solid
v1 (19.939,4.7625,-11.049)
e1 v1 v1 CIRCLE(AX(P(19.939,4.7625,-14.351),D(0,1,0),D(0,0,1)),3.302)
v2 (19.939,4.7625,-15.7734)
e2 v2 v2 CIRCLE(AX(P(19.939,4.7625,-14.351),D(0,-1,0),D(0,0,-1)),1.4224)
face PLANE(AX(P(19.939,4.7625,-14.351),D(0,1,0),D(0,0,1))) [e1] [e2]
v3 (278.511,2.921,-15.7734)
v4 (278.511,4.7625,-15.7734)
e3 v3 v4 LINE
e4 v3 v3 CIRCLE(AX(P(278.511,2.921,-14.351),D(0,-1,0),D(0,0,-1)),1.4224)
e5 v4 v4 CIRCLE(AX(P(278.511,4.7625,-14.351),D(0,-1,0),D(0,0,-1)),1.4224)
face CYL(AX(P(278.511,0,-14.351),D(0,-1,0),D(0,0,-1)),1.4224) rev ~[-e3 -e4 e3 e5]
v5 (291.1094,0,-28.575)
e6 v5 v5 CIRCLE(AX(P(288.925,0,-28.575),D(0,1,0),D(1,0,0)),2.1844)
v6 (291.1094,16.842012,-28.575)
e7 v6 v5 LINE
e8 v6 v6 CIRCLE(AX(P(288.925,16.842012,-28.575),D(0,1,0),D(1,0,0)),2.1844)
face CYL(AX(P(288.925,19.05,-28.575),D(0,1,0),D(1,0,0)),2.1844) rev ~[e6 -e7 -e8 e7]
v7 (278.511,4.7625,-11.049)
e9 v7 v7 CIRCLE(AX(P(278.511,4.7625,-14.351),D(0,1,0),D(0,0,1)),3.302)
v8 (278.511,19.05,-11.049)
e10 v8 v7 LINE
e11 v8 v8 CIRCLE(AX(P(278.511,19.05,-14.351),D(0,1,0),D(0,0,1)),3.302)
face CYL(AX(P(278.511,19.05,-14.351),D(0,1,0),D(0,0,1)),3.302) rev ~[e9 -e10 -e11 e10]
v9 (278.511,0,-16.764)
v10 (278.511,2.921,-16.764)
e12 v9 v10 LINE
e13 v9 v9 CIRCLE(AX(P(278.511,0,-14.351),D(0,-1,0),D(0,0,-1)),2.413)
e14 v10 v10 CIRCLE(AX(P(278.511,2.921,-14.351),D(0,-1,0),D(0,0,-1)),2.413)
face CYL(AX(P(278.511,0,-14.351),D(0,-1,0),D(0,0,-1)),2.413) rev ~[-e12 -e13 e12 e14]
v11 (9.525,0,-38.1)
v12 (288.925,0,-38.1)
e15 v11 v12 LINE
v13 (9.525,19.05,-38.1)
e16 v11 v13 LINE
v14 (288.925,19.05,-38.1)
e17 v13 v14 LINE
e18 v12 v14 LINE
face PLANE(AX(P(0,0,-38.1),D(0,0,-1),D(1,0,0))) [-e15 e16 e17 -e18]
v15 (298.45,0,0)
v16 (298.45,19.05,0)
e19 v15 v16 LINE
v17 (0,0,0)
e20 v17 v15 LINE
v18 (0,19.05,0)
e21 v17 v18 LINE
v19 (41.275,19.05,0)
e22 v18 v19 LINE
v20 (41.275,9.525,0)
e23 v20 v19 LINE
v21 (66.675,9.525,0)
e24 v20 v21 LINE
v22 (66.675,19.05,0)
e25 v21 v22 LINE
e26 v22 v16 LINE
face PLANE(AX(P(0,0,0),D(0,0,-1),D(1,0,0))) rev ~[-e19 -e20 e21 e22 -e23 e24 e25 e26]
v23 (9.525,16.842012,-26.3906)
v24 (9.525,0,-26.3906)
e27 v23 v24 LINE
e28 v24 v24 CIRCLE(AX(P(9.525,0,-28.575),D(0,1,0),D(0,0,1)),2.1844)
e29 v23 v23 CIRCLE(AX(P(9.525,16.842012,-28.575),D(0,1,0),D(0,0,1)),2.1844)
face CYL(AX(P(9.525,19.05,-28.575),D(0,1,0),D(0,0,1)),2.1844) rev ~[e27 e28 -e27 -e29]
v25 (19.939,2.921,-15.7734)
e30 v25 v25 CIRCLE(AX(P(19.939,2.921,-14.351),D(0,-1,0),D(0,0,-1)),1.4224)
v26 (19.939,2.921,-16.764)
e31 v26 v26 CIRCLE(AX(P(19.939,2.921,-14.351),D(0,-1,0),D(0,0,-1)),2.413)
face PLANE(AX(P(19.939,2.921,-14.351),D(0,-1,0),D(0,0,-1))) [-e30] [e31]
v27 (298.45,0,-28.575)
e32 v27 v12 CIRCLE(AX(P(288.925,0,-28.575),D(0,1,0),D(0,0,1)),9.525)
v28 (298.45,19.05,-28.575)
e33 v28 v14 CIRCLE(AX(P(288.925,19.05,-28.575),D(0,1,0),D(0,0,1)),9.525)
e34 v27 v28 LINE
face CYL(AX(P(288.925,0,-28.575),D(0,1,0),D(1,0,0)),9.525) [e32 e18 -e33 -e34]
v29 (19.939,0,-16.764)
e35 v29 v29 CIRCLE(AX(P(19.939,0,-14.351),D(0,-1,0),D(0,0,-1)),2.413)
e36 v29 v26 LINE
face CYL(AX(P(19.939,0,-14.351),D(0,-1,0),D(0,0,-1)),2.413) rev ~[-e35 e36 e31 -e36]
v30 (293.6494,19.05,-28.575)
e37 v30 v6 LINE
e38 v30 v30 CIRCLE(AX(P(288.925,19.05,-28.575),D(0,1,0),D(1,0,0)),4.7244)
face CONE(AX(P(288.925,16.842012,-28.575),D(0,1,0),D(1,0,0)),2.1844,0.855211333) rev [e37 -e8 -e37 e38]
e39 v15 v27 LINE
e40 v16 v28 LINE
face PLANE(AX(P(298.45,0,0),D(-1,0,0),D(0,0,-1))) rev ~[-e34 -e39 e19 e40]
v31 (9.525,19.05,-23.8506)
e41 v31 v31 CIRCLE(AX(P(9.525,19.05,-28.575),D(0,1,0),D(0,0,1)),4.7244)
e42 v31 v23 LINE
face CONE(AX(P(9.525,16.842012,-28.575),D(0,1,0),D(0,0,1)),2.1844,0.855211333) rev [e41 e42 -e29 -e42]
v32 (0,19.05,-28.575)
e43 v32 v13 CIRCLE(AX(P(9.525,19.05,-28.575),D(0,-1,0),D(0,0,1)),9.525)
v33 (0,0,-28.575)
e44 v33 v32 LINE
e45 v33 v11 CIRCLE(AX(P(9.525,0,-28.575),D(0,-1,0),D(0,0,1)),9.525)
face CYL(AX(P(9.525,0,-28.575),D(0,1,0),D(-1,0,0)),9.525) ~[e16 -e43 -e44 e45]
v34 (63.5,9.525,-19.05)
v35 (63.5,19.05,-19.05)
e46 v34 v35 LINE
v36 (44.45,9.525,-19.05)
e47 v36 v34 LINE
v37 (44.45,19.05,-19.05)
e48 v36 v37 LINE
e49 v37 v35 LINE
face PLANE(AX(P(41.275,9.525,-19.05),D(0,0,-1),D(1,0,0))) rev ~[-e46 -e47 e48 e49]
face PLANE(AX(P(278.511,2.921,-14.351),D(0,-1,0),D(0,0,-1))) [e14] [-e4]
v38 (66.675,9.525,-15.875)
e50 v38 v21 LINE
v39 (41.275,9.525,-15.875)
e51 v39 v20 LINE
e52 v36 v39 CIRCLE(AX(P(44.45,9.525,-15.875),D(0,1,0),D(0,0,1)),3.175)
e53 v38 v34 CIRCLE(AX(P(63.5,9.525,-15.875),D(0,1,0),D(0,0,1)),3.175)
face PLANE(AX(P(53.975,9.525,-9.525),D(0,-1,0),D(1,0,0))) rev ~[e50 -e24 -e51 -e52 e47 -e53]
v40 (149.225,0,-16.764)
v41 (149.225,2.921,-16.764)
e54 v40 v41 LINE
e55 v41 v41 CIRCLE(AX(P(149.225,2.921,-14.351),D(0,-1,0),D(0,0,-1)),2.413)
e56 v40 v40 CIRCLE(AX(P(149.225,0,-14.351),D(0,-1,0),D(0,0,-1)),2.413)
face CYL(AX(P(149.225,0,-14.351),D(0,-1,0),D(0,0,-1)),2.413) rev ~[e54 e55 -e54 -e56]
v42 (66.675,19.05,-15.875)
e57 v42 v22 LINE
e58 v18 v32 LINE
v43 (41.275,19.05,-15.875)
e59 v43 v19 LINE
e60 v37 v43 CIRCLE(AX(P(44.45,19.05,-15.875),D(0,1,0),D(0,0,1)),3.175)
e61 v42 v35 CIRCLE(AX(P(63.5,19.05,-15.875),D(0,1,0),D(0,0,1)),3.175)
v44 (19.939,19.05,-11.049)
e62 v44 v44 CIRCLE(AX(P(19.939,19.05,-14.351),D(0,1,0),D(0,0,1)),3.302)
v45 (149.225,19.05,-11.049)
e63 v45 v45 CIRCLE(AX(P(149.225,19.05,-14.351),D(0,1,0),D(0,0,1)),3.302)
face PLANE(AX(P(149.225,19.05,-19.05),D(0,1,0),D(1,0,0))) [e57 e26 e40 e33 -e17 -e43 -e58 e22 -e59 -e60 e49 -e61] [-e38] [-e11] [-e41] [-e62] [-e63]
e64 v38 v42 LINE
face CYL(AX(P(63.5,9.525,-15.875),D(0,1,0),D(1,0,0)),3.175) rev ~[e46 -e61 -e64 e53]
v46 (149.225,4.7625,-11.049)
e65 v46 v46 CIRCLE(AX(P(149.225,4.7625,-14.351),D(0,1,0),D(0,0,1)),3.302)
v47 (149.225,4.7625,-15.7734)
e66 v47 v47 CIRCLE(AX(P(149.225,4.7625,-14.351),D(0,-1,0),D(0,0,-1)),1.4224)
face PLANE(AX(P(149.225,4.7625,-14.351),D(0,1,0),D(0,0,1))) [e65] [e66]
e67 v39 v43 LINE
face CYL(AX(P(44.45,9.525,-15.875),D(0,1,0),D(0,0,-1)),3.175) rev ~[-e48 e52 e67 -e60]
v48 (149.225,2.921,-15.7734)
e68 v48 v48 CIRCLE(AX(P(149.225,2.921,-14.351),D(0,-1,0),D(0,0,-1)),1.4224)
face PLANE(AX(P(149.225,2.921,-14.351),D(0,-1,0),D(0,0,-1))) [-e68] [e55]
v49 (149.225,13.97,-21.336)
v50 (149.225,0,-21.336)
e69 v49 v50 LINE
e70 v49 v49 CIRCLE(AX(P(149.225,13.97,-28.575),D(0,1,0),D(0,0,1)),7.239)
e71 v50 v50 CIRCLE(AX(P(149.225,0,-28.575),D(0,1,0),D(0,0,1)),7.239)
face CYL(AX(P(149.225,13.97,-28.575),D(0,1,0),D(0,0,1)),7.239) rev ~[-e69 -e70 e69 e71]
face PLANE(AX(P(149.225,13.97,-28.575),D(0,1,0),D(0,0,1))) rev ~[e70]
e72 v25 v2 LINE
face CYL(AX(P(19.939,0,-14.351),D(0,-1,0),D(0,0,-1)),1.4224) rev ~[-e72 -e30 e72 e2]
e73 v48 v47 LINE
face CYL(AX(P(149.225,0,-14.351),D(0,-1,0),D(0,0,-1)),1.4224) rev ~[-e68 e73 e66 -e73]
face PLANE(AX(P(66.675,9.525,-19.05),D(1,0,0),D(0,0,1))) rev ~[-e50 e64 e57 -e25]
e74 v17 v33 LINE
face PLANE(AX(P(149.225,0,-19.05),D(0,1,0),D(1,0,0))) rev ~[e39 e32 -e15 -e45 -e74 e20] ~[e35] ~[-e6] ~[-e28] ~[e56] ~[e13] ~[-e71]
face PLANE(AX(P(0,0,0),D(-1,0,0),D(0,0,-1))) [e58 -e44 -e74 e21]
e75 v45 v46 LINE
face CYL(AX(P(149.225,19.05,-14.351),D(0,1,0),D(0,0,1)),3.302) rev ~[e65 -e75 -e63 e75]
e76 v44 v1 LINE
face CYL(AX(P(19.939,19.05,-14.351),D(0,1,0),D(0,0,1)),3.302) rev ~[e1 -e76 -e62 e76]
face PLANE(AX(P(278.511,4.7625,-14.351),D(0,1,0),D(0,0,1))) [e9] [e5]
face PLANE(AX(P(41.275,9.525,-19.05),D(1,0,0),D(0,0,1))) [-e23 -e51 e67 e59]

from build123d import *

# Parameters (mm, degrees)
SKETCH1_W           = 298.45
SKETCH1_H           = 38.1
BOSS_EXTRUDE1_DEPTH = 19.05
FILLET1_R           = 9.525
SKETCH2_R           = 3.302
CUT_EXTRUDE1_DEPTH  = 14.2875
SKETCH4_R           = 1.4224
CUT_EXTRUDE2_DEPTH  = 302.47456775
SKETCH5_R           = 2.413
CUT_EXTRUDE3_DEPTH  = 2.921
SKETCH6_R           = 2.1844
CUT_EXTRUDE4_DEPTH  = 302.47456775
CHAMFER1_SIZE       = 2.54
CHAMFER1_SIZE2      = 2.207988314
CUT_EXTRUDE5_START  = -5.08
SKETCH7_R           = 7.239
CUT_EXTRUDE5_DEPTH  = 297.39456775
CUT_EXTRUDE6_START  = -9.525
SKETCH8_W           = 25.4
SKETCH8_H           = 19.05
CUT_EXTRUDE6_DEPTH  = 9.525
FILLET2_R           = 3.175


with BuildPart() as part:
    # Sketch1 → Boss-Extrude1 (new body)
    with BuildSketch(Plane(origin=(0, 0, 0), x_dir=(1, 0, 0), z_dir=(0, 1, 0))):
        with Locations((149.225, 19.05)):
            Rectangle(SKETCH1_W, SKETCH1_H)
    extrude(amount=BOSS_EXTRUDE1_DEPTH)

    # Fillet1
    fillet1_edges = [part.edges().sort_by_distance(p)[0] for p in [
        (0, 9.525, -38.1),
        (298.45, 9.525, -38.1),
    ]]
    fillet(fillet1_edges, radius=FILLET1_R)

    # Sketch2 → Cut-Extrude1 (cut)
    with BuildSketch(Plane(origin=(0, 19.05, 0), x_dir=(1, 0, 0), z_dir=(0, 1, 0))):
        with Locations(Location((19.939, 14.351, 0), (0, 0, 270))):
            Circle(SKETCH2_R)
        with Locations(Location((149.225, 14.351, 0), (0, 0, 270))):
            Circle(SKETCH2_R)
        with Locations(Location((278.511, 14.351, 0), (0, 0, 270))):
            Circle(SKETCH2_R)
    extrude(amount=-CUT_EXTRUDE1_DEPTH, mode=Mode.SUBTRACT)

    # Sketch4 → Cut-Extrude2 (cut, through all)
    with BuildSketch(Plane.XZ):
        with Locations(Location((19.939, -14.351, 0), (0, 0, 270))):
            Circle(SKETCH4_R)
        with Locations(Location((149.225, -14.351, 0), (0, 0, 270))):
            Circle(SKETCH4_R)
        with Locations(Location((278.511, -14.351, 0), (0, 0, 270))):
            Circle(SKETCH4_R)
    extrude(amount=-CUT_EXTRUDE2_DEPTH, mode=Mode.SUBTRACT)

    # Sketch5 → Cut-Extrude3 (cut)
    with BuildSketch(Plane.XZ):
        with Locations(Location((19.939, -14.351, 0), (0, 0, 270))):
            Circle(SKETCH5_R)
        with Locations(Location((149.225, -14.351, 0), (0, 0, 270))):
            Circle(SKETCH5_R)
        with Locations(Location((278.511, -14.351, 0), (0, 0, 270))):
            Circle(SKETCH5_R)
    extrude(amount=-CUT_EXTRUDE3_DEPTH, mode=Mode.SUBTRACT)

    # Sketch6 → Cut-Extrude4 (cut, through all)
    with BuildSketch(Plane(origin=(0, 19.05, 0), x_dir=(1, 0, 0), z_dir=(0, 1, 0))):
        with BuildLine():
            ThreePointArc((286.7406, 28.575), (288.925, 26.3906), (291.1094, 28.575))
            Line((291.1094, 28.575), (286.7406, 28.575))
        make_face()
        with BuildLine():
            Line((286.7406, 28.575), (291.1094, 28.575))
            ThreePointArc((291.1094, 28.575), (288.925, 30.7594), (286.7406, 28.575))
        make_face()
        with Locations(Location((9.525, 28.575, 0), (0, 0, 270))):
            Circle(SKETCH6_R)
    extrude(amount=-CUT_EXTRUDE4_DEPTH, mode=Mode.SUBTRACT)

    # Chamfer1
    chamfer1_edges = [part.edges().sort_by_distance(p)[0] for p in [
        (291.1094, 19.05, -28.575),
        (9.525, 19.05, -30.7594),
    ]]
    chamfer1_side = [part.faces().sort_by_distance(p)[0] for p in [
        (149.225, 19.05, -19.008778326),
    ]]
    chamfer(chamfer1_edges, length=CHAMFER1_SIZE, length2=CHAMFER1_SIZE2, reference=chamfer1_side[0])

    # Sketch7 → Cut-Extrude5 (cut, through all)
    with BuildSketch(Plane(origin=(0, 19.05, 0), x_dir=(1, 0, 0), z_dir=(0, 1, 0)).offset(CUT_EXTRUDE5_START)):
        with Locations(Location((149.225, 28.575, 0), (0, 0, 270))):
            Circle(SKETCH7_R)
    extrude(amount=-CUT_EXTRUDE5_DEPTH, mode=Mode.SUBTRACT)

    # Sketch8 → Cut-Extrude6 (cut)
    with BuildSketch(Plane.XZ.offset(CUT_EXTRUDE6_START)):
        with Locations((53.975, -9.525)):
            Rectangle(SKETCH8_W, SKETCH8_H)
    extrude(amount=-CUT_EXTRUDE6_DEPTH, mode=Mode.SUBTRACT)

    # Fillet2
    fillet2_edges = [part.edges().sort_by_distance(p)[0] for p in [
        (41.275, 14.2875, -19.05),
        (66.675, 14.2875, -19.05),
    ]]
    fillet(fillet2_edges, radius=FILLET2_R)


solid = part.part
